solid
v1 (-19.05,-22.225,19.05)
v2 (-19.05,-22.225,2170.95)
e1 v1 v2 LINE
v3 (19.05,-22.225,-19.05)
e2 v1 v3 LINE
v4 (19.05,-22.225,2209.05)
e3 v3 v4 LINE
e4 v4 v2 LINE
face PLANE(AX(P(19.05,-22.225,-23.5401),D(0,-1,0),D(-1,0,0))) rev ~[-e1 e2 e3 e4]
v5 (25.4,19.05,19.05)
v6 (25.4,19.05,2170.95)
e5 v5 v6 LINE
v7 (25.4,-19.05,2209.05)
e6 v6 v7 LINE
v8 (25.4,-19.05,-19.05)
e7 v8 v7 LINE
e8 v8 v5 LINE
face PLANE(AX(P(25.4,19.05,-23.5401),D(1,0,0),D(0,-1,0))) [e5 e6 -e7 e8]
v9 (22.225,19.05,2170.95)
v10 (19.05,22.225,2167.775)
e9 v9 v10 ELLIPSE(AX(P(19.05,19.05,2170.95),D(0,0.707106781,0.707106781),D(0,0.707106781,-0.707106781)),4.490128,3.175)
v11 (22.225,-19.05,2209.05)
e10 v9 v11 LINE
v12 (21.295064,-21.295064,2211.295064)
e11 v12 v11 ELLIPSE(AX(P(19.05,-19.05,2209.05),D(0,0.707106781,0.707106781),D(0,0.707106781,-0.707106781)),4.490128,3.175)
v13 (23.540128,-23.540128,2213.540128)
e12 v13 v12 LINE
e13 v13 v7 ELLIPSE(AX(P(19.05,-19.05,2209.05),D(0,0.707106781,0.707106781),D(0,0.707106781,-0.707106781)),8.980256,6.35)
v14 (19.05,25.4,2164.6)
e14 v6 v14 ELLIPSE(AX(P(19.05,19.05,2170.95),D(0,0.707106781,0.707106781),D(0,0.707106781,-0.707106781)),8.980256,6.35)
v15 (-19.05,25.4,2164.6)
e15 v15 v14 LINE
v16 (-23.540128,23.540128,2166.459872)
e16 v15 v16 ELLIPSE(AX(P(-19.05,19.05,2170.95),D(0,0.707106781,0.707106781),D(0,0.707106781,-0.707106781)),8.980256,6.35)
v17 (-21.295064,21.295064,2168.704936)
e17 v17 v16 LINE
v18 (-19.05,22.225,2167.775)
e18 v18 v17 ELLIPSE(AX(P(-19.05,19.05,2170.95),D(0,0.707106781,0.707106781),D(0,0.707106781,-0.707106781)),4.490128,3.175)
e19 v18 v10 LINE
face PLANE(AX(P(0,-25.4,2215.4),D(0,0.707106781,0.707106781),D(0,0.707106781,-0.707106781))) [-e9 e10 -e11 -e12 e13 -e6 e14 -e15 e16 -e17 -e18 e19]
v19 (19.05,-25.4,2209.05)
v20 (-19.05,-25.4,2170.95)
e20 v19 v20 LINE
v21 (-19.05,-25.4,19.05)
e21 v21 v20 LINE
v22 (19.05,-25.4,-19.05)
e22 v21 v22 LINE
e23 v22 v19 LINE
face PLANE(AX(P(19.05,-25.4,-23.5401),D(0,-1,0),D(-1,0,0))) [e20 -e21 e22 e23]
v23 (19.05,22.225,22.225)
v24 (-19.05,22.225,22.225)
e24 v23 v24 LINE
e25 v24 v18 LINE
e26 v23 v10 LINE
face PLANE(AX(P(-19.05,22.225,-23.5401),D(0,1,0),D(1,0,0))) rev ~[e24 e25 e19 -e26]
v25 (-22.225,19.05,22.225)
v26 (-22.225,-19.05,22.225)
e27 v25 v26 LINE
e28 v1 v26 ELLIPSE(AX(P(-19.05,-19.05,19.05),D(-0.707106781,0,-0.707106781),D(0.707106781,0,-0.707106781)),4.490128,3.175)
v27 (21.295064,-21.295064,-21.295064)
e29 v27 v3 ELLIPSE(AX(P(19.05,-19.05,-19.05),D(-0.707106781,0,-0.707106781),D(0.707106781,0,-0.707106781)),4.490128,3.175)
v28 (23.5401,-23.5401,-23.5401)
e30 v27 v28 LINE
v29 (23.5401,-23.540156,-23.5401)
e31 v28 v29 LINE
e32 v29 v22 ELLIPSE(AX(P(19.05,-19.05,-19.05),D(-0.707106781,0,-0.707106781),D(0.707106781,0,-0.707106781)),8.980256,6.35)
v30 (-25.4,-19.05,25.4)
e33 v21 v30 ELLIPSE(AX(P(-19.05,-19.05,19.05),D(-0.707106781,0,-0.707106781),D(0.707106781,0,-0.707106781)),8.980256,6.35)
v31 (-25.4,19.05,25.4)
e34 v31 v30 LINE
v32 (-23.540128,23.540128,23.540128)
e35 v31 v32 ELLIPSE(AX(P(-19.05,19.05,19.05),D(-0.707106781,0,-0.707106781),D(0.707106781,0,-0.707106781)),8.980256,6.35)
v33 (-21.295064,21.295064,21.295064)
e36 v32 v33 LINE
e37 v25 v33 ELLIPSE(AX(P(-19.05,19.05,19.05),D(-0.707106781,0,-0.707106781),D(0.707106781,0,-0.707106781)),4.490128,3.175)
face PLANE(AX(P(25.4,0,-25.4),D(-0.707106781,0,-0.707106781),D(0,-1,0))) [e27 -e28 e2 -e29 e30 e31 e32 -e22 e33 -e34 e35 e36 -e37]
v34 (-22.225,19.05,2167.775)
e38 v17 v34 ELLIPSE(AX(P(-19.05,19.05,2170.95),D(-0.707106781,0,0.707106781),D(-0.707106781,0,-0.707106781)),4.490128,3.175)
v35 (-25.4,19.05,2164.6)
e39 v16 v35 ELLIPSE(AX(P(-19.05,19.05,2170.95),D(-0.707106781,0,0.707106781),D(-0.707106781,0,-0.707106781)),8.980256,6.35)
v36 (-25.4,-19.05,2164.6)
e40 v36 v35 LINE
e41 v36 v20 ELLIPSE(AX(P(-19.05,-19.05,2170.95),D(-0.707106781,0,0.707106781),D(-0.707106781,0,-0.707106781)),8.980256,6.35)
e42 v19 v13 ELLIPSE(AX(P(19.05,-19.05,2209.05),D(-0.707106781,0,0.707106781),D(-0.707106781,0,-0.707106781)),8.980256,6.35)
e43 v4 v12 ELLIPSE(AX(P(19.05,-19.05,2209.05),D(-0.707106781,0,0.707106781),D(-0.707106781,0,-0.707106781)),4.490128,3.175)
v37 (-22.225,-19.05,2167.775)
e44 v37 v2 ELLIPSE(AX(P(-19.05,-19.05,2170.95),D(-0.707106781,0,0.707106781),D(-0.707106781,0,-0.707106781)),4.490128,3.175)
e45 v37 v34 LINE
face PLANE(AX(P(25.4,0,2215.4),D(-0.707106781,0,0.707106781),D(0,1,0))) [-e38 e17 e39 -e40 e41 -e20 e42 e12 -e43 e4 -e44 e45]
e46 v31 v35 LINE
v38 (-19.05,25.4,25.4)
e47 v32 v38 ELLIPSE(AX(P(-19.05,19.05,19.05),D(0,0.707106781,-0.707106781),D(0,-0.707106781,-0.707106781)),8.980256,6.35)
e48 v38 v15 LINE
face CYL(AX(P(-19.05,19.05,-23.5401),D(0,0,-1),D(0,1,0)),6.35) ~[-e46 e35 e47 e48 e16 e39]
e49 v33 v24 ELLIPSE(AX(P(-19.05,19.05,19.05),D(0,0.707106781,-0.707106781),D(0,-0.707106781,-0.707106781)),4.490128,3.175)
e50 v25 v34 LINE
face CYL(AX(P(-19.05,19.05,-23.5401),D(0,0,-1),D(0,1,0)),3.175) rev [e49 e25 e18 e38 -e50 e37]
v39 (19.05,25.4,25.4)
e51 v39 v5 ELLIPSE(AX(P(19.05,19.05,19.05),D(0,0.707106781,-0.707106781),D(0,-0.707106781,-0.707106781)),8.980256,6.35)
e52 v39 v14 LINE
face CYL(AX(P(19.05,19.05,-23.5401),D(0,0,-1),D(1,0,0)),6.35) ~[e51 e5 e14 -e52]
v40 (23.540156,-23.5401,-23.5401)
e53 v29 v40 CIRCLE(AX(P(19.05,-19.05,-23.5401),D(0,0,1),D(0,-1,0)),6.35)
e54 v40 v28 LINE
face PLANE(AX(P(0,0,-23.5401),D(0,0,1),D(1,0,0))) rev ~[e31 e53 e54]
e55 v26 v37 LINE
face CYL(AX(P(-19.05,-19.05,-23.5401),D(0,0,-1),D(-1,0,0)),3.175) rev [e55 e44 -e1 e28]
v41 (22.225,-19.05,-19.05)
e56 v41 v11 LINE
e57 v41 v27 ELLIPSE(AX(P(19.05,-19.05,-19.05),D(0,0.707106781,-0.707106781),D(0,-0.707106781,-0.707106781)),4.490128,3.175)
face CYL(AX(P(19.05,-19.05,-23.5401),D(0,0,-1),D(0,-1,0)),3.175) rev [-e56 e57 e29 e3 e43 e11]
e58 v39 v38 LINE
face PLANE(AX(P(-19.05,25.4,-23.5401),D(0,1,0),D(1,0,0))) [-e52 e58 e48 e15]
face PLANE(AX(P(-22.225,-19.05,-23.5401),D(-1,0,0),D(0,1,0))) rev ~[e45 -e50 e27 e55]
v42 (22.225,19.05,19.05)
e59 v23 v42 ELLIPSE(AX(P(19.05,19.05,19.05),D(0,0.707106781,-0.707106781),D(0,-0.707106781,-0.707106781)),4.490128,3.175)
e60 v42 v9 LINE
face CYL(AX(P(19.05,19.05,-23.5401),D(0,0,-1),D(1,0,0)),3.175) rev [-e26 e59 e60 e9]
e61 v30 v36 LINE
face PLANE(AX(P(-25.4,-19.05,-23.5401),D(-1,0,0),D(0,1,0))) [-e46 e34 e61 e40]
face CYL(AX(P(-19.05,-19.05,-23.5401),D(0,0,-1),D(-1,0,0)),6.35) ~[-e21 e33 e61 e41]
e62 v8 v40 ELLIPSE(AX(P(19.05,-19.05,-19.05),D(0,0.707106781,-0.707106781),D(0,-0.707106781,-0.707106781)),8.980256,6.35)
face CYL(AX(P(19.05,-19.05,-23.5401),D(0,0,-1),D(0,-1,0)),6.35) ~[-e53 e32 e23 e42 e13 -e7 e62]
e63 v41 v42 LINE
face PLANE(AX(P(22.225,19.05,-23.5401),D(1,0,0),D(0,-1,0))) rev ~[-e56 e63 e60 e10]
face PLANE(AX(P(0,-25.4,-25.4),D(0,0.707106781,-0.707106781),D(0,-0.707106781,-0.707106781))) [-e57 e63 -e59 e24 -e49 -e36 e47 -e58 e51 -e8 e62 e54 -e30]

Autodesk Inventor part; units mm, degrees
ref_plane "Plano inicial" through (0, 0, -23.5401) normal (0, 0, 1) x (1, 0, 0)
ref_plane "Plano final" through (0, 0, 2213.5401) normal (0, 0, 1) x (1, 0, 0)
sketch "Boceto" plane through (0, 0, 0) normal (0, 0, 1) x (1, 0, 0)
  line L0 (-25.4, -19.05) -> (-25.4, 19.05)
  line L1 (-19.05, 25.4) -> (19.05, 25.4)
  line L2 (25.4, 19.05) -> (25.4, -19.05)
  line L3 (19.05, -25.4) -> (-19.05, -25.4)
  arc A0 (-25.4, -19.05) -> (-19.05, -25.4) centre (-19.05, -19.05) ccw
  arc A1 (-19.05, 25.4) -> (-25.4, 19.05) centre (-19.05, 19.05) ccw
  arc A2 (25.4, 19.05) -> (19.05, 25.4) centre (19.05, 19.05) ccw
  arc A3 (19.05, -25.4) -> (25.4, -19.05) centre (19.05, -19.05) ccw
  arc A4 (-19.05, 22.225) -> (-22.225, 19.05) centre (-19.05, 19.05) ccw
  line L4 (-19.05, 22.225) -> (19.05, 22.225)
  arc A5 (22.225, 19.05) -> (19.05, 22.225) centre (19.05, 19.05) ccw
  line L5 (22.225, 19.05) -> (22.225, -19.05)
  arc A6 (19.05, -22.225) -> (22.225, -19.05) centre (19.05, -19.05) ccw
  line L6 (19.05, -22.225) -> (-19.05, -22.225)
  arc A7 (-22.225, -19.05) -> (-19.05, -22.225) centre (-19.05, -19.05) ccw
  line L7 (-22.225, -19.05) -> (-22.225, 19.05)
  line L8 (0, 37.4012) -> (0, -37.4012) construction
  line L9 (-37.4012, 0) -> (37.4012, 0) construction
  dimension "d10" = 50.8
  dimension "d11" = 50.8
  dimension "d12" = 3.175
  dimension "d15" = 25.4
  dimension "d16" = 25.4
  dimension "d17" = 6.35
extrude "Cuerpo" add sketch "Boceto" along normal up to surface (2237.0803 mm away) from surface at -23.5401
sketch "Sketch3" plane through (0, 0, 0) normal (0, 0, 1) x (1, 0, 0)
  line L0 (0, 0) -> (10, 0)
ref_plane "Work Plane3" through (0, 0, 0) normal (0, -1, 0) x (1, 0, 0)
ref_plane "Plano de trabajo4" through (25.4, 0, -25.4) normal (-0.7071, 0, -0.7071) x (-0.7071, 0, 0.7071)
split "Dividir1" plane through (25.4, 0, -25.4) removes the side toward (-0.7071, 0, -0.7071)
ref_plane "Plano de trabajo5" through (0, -25.4, -25.4) normal (0, 0.7071, -0.7071) x (1, 0, 0)
split "Dividir2" plane through (0, -25.4, -25.4) removes the side toward (0, 0.7071, -0.7071)
ref_plane "Plano de trabajo6" through (25.4, 0, 2215.4) normal (-0.7071, 0, 0.7071) x (0.7071, 0, 0.7071)
split "Dividir3" plane through (25.4, 0, 2215.4) removes the side toward (-0.7071, 0, 0.7071)
ref_plane "Plano de trabajo7" through (0, -25.4, 2215.4) normal (0, 0.7071, 0.7071) x (1, 0, 0)
split "Dividir4" plane through (0, -25.4, 2215.4) removes the side toward (0, 0.7071, 0.7071)
sketch "Sketch4" plane through (0, 0, 0) normal (0, -1, 0) x (1, 0, 0)
  line L0 (-2, -23.5401) -> (12, -23.5401) projected
  line L1 (-2, 2213.5401) -> (12, 2213.5401) projected
  dimension "d19" = 2237.0803
equation "\"d10\" = G_H"
equation "\"d11\" = G_W"
equation "\"d12\" = G_T"
equation "\"d15\" = 0.5 * d10"
equation "\"d16\" = 0.5 * d11"
equation "\"d17\" = G_IR"
equation "\"d3\" = G_L"
equation "\"G_W\" = 50.8"
equation "\"G_H\" = 50.8"
equation "\"G_T\" = 3.175"
equation "\"G_IR\" = 6.35"
equation "\"G_L\" = d19"
equation "\"G_OFFSET_START\" = 23.54013"
equation "\"G_OFFSET_END\" = 23.54013"
equation "\"d13\" = -G_OFFSET_START"
equation "\"d14\" = G_OFFSET_END + B_L"
equation "\"B_L\" = 2190"
properties part number "AISC - 2 x 2 x 1/8 - 88,074" material "Acero, suave"
